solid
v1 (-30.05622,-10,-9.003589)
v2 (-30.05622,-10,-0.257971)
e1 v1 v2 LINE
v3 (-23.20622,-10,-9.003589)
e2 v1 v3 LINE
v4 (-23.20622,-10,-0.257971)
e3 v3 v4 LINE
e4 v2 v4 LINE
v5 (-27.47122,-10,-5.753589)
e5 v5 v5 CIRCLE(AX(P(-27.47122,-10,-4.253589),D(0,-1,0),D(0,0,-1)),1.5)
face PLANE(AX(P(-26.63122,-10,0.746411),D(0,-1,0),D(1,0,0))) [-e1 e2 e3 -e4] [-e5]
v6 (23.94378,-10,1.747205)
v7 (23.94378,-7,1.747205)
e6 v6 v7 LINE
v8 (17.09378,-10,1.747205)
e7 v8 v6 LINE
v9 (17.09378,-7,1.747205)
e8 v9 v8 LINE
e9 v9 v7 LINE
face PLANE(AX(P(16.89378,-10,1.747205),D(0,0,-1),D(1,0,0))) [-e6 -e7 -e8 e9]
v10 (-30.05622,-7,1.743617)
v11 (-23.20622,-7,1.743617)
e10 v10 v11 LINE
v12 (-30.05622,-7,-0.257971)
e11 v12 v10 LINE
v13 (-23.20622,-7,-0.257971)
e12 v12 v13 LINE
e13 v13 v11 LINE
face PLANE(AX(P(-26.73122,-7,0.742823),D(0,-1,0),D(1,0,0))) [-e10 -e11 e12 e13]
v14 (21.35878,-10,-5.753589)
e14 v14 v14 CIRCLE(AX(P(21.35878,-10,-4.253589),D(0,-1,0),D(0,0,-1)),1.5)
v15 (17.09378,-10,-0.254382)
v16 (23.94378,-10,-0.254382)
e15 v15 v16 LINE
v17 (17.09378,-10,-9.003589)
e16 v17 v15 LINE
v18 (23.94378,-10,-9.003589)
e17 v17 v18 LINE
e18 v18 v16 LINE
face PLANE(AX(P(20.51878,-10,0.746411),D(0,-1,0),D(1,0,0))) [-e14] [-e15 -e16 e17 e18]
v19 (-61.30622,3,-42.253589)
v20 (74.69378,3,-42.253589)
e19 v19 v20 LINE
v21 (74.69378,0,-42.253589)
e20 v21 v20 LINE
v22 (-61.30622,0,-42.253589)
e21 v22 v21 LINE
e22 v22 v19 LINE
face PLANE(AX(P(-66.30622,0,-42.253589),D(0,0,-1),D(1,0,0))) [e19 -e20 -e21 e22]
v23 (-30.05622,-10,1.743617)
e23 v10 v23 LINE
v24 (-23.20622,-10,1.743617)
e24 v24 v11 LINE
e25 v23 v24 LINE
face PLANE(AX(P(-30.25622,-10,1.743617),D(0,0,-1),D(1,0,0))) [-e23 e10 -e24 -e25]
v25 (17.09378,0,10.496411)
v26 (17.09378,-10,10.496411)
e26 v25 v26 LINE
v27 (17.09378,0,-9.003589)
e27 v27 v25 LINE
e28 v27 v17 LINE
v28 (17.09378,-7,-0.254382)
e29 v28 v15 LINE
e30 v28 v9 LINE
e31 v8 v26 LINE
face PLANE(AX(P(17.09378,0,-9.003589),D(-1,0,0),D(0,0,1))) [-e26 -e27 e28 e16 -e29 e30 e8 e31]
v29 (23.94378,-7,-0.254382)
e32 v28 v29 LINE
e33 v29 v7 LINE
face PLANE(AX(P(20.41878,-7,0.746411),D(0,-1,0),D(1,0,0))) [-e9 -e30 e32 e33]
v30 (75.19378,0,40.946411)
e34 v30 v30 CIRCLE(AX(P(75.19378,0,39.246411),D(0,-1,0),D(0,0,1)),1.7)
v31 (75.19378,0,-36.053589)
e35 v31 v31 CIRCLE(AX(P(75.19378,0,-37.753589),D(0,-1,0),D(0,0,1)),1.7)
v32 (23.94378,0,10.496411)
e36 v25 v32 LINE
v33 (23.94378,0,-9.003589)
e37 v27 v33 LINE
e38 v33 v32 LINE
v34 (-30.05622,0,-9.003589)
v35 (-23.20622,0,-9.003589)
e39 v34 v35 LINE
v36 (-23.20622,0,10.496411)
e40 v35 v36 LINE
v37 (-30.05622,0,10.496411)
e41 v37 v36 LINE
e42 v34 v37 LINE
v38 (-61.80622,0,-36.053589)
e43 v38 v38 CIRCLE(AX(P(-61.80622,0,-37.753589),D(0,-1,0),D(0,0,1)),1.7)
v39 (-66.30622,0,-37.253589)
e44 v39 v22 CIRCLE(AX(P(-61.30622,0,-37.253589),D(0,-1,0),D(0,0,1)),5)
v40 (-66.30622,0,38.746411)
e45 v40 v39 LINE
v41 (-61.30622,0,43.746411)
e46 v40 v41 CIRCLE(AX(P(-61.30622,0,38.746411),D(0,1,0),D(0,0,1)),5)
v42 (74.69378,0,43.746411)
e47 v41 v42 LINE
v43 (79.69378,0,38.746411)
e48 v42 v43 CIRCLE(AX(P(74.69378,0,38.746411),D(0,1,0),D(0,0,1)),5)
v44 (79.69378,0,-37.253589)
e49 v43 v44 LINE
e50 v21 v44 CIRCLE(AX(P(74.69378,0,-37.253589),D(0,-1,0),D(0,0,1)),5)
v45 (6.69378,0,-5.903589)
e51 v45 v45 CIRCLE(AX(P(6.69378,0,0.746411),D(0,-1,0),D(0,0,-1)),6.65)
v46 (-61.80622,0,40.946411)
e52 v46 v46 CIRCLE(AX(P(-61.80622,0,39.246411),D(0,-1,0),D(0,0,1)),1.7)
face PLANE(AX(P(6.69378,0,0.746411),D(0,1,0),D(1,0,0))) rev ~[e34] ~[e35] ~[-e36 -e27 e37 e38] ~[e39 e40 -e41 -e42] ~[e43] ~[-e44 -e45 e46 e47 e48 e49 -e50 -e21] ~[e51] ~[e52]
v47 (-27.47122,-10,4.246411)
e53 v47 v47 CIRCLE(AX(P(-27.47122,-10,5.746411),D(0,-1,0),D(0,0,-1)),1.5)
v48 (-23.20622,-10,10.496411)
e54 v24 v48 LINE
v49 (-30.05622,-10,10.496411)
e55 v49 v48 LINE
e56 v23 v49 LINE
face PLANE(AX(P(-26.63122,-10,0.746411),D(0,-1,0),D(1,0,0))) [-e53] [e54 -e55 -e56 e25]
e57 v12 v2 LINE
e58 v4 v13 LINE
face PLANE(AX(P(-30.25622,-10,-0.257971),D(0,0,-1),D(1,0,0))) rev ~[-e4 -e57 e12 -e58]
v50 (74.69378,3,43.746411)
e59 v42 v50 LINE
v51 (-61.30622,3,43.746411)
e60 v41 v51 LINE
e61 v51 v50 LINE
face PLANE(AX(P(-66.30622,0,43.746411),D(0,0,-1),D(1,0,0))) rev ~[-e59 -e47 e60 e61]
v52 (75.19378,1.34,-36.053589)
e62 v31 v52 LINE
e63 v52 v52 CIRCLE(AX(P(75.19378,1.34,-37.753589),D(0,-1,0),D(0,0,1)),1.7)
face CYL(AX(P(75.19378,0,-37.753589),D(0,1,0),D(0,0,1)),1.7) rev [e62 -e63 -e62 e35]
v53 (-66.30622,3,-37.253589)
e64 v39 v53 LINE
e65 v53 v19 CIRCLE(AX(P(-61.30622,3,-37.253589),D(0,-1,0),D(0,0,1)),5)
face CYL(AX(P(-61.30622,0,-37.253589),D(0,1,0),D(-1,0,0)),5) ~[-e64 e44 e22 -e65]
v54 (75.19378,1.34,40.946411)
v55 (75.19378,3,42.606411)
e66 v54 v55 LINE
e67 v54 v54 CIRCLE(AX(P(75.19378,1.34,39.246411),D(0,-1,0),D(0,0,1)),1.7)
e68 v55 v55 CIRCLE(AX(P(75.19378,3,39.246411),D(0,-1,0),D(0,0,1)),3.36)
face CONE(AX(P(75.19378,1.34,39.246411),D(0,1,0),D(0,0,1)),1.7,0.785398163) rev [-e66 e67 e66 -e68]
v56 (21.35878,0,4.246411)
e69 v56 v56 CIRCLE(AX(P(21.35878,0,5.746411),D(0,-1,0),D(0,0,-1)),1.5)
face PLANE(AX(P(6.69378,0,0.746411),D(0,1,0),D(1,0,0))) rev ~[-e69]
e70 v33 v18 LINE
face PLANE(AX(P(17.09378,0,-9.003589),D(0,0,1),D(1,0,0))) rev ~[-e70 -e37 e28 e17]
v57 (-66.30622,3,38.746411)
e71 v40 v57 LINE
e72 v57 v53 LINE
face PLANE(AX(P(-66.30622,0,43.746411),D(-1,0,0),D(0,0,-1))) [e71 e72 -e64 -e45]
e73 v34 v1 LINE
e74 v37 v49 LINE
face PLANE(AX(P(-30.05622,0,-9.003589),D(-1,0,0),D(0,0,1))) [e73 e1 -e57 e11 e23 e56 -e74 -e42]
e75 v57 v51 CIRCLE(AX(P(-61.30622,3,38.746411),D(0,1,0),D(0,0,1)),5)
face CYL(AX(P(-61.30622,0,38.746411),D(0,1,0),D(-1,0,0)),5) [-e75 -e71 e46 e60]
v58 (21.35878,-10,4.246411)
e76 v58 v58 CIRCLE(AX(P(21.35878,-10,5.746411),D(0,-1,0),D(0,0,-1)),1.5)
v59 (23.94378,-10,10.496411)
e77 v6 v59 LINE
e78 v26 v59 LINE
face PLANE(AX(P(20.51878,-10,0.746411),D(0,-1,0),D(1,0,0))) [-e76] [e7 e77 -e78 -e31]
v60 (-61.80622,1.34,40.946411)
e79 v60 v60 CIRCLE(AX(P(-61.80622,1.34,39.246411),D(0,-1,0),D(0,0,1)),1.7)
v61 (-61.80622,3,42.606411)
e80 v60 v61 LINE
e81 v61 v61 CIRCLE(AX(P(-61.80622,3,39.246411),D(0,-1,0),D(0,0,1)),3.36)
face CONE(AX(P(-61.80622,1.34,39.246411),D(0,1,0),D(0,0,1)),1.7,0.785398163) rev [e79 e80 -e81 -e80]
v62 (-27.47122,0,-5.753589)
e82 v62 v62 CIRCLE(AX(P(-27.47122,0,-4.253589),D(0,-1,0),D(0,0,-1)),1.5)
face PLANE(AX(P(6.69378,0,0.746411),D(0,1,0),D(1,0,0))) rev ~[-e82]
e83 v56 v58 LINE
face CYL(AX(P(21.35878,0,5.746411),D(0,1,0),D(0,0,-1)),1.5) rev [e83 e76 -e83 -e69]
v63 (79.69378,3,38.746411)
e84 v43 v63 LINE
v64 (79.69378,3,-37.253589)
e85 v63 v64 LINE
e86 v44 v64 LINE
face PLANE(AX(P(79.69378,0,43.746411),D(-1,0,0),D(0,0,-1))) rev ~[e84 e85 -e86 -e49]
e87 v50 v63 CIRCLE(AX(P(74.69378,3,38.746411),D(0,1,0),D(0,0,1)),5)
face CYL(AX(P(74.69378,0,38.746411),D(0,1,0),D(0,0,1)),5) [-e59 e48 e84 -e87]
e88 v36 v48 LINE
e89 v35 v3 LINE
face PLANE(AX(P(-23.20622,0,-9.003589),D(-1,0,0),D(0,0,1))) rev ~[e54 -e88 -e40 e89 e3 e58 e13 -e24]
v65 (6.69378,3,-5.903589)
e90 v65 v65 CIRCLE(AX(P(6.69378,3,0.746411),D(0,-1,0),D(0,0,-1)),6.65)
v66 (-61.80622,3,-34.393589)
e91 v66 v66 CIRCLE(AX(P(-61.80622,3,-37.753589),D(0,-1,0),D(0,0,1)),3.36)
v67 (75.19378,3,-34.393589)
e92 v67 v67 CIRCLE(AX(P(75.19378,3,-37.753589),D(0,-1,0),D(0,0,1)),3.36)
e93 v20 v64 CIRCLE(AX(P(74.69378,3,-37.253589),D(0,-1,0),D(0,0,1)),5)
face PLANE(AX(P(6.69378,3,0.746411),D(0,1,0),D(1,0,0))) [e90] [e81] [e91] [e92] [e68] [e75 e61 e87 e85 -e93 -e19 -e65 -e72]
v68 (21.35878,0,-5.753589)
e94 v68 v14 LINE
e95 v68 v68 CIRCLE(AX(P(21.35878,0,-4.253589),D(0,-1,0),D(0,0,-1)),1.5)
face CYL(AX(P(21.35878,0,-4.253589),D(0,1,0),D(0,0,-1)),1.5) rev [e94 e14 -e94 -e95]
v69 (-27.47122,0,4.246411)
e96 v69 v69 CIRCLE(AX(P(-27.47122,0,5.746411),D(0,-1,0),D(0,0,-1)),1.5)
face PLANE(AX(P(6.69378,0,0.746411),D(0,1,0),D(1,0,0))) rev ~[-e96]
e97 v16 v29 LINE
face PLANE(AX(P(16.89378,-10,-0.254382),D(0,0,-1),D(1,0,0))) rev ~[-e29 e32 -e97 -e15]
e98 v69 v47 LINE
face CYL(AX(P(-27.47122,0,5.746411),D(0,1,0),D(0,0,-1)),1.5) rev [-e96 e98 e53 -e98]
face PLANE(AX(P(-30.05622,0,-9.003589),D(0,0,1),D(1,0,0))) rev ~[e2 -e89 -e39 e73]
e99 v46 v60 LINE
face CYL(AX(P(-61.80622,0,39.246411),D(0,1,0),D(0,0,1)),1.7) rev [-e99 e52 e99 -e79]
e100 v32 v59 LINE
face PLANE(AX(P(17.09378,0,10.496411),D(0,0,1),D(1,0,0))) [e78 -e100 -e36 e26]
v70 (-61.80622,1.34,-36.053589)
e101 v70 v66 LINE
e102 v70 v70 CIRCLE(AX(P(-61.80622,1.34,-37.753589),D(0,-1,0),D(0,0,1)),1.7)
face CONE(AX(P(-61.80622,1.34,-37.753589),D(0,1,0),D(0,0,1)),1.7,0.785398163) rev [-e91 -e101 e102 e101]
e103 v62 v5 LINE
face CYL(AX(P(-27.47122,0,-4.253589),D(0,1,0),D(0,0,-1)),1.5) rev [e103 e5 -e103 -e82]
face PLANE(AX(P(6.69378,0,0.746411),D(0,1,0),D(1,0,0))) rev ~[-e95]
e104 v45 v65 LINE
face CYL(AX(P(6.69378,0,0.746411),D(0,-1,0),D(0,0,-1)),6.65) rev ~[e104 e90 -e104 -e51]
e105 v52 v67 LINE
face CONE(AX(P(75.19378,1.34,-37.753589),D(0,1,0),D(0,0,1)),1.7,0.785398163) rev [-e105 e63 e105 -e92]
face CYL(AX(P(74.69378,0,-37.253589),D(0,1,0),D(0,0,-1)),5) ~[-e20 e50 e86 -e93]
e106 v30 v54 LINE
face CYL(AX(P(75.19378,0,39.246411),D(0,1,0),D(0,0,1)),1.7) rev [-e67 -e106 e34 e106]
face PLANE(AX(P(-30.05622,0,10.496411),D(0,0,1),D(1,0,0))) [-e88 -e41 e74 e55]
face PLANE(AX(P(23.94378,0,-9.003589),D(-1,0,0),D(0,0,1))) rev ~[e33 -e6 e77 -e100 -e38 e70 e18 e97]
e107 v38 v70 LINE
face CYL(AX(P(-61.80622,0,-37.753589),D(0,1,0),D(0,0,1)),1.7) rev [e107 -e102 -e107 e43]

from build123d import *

# Parameters (mm, degrees)
SKETCH1_W                    = 146
SKETCH1_H                    = 86
BOSS_EXTRUDE1_DEPTH          = 3
CSK_FOR_M3_SFHCS1_AT_2_COUNT = 2
CSK_FOR_M3_SFHCS1_AT_2_PITCH = 77
CSK_FOR_M3_SFHCS1_AT_3_COUNT = 2
CSK_FOR_M3_SFHCS1_AT_3_PITCH = 157.155973479
CSK_FOR_M3_SFHCS1_AT_4_COUNT = 2
CSK_FOR_M3_SFHCS1_AT_4_PITCH = 137
SKETCH5_R                    = 6.65
CUT_EXTRUDE1_DEPTH           = 14
SKETCH6_W                    = 6.85
SKETCH6_H                    = 19.5
SKETCH6_R                    = 1.5
BOSS_EXTRUDE2_DEPTH          = 10
SKETCH7_W                    = 7.05
SKETCH7_H                    = 2.001587211
SKETCH7_H_2                  = 2.00158721
CUT_EXTRUDE2_DEPTH           = 3
FILLET1_R                    = 5


with BuildPart() as part:
    # Sketch1 → Boss-Extrude1 (new body)
    with BuildSketch(Plane(origin=(0, 0, 0), x_dir=(1, 0, 0), z_dir=(0, 1, 0))):
        with Locations((6.693779904, -0.746411483)):
            Rectangle(SKETCH1_W, SKETCH1_H)
    extrude(amount=BOSS_EXTRUDE1_DEPTH)

    # Sketch3 → CSK for M3 SFHCS1 (revolve, cut)
    with BuildSketch(Plane(origin=(-61.806220096, 3, 39.246411483), x_dir=(0, 0, 1), z_dir=(1, 0, 0))):
        Polygon((0, 0), (0, 3), (1.7, 3), (1.7, 1.66), (3.36, 0), align=None)
    csk_for_m3_sfhcs1 = revolve(axis=Axis((-61.806220096, 9.35, 39.246411483), (0, -1, 0)), mode=Mode.SUBTRACT)

    # CSK for M3 SFHCS1 at 2: CSK for M3 SFHCS1 ×2
    with Locations(*[(0, 0, -i * CSK_FOR_M3_SFHCS1_AT_2_PITCH) for i in range(1, CSK_FOR_M3_SFHCS1_AT_2_COUNT)]):
        add(csk_for_m3_sfhcs1, mode=Mode.SUBTRACT)

    # CSK for M3 SFHCS1 at 3: CSK for M3 SFHCS1 ×2
    with Locations(*[Vector(0.8717454193280995, 0, -0.48995910429389533) * (i * CSK_FOR_M3_SFHCS1_AT_3_PITCH) for i in range(1, CSK_FOR_M3_SFHCS1_AT_3_COUNT)]):
        add(csk_for_m3_sfhcs1, mode=Mode.SUBTRACT)

    # CSK for M3 SFHCS1 at 4: CSK for M3 SFHCS1 ×2
    with Locations(*[(i * CSK_FOR_M3_SFHCS1_AT_4_PITCH, 0, 0) for i in range(1, CSK_FOR_M3_SFHCS1_AT_4_COUNT)]):
        add(csk_for_m3_sfhcs1, mode=Mode.SUBTRACT)

    # Sketch5 → Cut-Extrude1 (cut)
    with BuildSketch(Plane.XZ):
        with Locations(Location((6.693779904, 0.746411483, 0), (0, 0, 270))):
            Circle(SKETCH5_R)
    extrude(amount=-CUT_EXTRUDE1_DEPTH, mode=Mode.SUBTRACT)

    # Sketch6 → Boss-Extrude2 (add)
    # profile 1 of 2: a face of its own
    with BuildSketch(Plane.XZ):
        with Locations((-26.631220096, 0.746411483)):
            Rectangle(SKETCH6_W, SKETCH6_H)
        with Locations(Location((-27.471220096, 5.746411483, 0), (0, 0, 270))):
            Circle(SKETCH6_R, mode=Mode.SUBTRACT)
        with Locations(Location((-27.471220096, -4.253588517, 0), (0, 0, 270))):
            Circle(SKETCH6_R, mode=Mode.SUBTRACT)
    # profile 2 of 2: a face of its own
    with BuildSketch(Plane.XZ):
        with Locations((20.518779904, 0.746411483)):
            Rectangle(SKETCH6_W, SKETCH6_H)
        with Locations(Location((21.358779904, 5.746411483, 0), (0, 0, 270))):
            Circle(SKETCH6_R, mode=Mode.SUBTRACT)
        with Locations(Location((21.358779904, -4.253588517, 0), (0, 0, 270))):
            Circle(SKETCH6_R, mode=Mode.SUBTRACT)
    extrude(amount=BOSS_EXTRUDE2_DEPTH)

    # Sketch7 → Cut-Extrude2 (cut)
    with BuildSketch(Plane.XZ.offset(10)):
        with Locations((-26.731220096, 0.742822967)):
            Rectangle(SKETCH7_W, SKETCH7_H)
        with Locations((20.418779904, 0.746411483)):
            Rectangle(SKETCH7_W, SKETCH7_H_2)
    extrude(amount=-CUT_EXTRUDE2_DEPTH, mode=Mode.SUBTRACT)

    # Fillet1
    fillet1_edges = [part.edges().sort_by_distance(p)[0] for p in [
        (-66.306220096, 1.5, -42.253588517),
        (79.693779904, 1.5, -42.253588517),
        (79.693779904, 1.5, 43.746411483),
        (-66.306220096, 1.5, 43.746411483),
    ]]
    fillet(fillet1_edges, radius=FILLET1_R)


solid = part.part
